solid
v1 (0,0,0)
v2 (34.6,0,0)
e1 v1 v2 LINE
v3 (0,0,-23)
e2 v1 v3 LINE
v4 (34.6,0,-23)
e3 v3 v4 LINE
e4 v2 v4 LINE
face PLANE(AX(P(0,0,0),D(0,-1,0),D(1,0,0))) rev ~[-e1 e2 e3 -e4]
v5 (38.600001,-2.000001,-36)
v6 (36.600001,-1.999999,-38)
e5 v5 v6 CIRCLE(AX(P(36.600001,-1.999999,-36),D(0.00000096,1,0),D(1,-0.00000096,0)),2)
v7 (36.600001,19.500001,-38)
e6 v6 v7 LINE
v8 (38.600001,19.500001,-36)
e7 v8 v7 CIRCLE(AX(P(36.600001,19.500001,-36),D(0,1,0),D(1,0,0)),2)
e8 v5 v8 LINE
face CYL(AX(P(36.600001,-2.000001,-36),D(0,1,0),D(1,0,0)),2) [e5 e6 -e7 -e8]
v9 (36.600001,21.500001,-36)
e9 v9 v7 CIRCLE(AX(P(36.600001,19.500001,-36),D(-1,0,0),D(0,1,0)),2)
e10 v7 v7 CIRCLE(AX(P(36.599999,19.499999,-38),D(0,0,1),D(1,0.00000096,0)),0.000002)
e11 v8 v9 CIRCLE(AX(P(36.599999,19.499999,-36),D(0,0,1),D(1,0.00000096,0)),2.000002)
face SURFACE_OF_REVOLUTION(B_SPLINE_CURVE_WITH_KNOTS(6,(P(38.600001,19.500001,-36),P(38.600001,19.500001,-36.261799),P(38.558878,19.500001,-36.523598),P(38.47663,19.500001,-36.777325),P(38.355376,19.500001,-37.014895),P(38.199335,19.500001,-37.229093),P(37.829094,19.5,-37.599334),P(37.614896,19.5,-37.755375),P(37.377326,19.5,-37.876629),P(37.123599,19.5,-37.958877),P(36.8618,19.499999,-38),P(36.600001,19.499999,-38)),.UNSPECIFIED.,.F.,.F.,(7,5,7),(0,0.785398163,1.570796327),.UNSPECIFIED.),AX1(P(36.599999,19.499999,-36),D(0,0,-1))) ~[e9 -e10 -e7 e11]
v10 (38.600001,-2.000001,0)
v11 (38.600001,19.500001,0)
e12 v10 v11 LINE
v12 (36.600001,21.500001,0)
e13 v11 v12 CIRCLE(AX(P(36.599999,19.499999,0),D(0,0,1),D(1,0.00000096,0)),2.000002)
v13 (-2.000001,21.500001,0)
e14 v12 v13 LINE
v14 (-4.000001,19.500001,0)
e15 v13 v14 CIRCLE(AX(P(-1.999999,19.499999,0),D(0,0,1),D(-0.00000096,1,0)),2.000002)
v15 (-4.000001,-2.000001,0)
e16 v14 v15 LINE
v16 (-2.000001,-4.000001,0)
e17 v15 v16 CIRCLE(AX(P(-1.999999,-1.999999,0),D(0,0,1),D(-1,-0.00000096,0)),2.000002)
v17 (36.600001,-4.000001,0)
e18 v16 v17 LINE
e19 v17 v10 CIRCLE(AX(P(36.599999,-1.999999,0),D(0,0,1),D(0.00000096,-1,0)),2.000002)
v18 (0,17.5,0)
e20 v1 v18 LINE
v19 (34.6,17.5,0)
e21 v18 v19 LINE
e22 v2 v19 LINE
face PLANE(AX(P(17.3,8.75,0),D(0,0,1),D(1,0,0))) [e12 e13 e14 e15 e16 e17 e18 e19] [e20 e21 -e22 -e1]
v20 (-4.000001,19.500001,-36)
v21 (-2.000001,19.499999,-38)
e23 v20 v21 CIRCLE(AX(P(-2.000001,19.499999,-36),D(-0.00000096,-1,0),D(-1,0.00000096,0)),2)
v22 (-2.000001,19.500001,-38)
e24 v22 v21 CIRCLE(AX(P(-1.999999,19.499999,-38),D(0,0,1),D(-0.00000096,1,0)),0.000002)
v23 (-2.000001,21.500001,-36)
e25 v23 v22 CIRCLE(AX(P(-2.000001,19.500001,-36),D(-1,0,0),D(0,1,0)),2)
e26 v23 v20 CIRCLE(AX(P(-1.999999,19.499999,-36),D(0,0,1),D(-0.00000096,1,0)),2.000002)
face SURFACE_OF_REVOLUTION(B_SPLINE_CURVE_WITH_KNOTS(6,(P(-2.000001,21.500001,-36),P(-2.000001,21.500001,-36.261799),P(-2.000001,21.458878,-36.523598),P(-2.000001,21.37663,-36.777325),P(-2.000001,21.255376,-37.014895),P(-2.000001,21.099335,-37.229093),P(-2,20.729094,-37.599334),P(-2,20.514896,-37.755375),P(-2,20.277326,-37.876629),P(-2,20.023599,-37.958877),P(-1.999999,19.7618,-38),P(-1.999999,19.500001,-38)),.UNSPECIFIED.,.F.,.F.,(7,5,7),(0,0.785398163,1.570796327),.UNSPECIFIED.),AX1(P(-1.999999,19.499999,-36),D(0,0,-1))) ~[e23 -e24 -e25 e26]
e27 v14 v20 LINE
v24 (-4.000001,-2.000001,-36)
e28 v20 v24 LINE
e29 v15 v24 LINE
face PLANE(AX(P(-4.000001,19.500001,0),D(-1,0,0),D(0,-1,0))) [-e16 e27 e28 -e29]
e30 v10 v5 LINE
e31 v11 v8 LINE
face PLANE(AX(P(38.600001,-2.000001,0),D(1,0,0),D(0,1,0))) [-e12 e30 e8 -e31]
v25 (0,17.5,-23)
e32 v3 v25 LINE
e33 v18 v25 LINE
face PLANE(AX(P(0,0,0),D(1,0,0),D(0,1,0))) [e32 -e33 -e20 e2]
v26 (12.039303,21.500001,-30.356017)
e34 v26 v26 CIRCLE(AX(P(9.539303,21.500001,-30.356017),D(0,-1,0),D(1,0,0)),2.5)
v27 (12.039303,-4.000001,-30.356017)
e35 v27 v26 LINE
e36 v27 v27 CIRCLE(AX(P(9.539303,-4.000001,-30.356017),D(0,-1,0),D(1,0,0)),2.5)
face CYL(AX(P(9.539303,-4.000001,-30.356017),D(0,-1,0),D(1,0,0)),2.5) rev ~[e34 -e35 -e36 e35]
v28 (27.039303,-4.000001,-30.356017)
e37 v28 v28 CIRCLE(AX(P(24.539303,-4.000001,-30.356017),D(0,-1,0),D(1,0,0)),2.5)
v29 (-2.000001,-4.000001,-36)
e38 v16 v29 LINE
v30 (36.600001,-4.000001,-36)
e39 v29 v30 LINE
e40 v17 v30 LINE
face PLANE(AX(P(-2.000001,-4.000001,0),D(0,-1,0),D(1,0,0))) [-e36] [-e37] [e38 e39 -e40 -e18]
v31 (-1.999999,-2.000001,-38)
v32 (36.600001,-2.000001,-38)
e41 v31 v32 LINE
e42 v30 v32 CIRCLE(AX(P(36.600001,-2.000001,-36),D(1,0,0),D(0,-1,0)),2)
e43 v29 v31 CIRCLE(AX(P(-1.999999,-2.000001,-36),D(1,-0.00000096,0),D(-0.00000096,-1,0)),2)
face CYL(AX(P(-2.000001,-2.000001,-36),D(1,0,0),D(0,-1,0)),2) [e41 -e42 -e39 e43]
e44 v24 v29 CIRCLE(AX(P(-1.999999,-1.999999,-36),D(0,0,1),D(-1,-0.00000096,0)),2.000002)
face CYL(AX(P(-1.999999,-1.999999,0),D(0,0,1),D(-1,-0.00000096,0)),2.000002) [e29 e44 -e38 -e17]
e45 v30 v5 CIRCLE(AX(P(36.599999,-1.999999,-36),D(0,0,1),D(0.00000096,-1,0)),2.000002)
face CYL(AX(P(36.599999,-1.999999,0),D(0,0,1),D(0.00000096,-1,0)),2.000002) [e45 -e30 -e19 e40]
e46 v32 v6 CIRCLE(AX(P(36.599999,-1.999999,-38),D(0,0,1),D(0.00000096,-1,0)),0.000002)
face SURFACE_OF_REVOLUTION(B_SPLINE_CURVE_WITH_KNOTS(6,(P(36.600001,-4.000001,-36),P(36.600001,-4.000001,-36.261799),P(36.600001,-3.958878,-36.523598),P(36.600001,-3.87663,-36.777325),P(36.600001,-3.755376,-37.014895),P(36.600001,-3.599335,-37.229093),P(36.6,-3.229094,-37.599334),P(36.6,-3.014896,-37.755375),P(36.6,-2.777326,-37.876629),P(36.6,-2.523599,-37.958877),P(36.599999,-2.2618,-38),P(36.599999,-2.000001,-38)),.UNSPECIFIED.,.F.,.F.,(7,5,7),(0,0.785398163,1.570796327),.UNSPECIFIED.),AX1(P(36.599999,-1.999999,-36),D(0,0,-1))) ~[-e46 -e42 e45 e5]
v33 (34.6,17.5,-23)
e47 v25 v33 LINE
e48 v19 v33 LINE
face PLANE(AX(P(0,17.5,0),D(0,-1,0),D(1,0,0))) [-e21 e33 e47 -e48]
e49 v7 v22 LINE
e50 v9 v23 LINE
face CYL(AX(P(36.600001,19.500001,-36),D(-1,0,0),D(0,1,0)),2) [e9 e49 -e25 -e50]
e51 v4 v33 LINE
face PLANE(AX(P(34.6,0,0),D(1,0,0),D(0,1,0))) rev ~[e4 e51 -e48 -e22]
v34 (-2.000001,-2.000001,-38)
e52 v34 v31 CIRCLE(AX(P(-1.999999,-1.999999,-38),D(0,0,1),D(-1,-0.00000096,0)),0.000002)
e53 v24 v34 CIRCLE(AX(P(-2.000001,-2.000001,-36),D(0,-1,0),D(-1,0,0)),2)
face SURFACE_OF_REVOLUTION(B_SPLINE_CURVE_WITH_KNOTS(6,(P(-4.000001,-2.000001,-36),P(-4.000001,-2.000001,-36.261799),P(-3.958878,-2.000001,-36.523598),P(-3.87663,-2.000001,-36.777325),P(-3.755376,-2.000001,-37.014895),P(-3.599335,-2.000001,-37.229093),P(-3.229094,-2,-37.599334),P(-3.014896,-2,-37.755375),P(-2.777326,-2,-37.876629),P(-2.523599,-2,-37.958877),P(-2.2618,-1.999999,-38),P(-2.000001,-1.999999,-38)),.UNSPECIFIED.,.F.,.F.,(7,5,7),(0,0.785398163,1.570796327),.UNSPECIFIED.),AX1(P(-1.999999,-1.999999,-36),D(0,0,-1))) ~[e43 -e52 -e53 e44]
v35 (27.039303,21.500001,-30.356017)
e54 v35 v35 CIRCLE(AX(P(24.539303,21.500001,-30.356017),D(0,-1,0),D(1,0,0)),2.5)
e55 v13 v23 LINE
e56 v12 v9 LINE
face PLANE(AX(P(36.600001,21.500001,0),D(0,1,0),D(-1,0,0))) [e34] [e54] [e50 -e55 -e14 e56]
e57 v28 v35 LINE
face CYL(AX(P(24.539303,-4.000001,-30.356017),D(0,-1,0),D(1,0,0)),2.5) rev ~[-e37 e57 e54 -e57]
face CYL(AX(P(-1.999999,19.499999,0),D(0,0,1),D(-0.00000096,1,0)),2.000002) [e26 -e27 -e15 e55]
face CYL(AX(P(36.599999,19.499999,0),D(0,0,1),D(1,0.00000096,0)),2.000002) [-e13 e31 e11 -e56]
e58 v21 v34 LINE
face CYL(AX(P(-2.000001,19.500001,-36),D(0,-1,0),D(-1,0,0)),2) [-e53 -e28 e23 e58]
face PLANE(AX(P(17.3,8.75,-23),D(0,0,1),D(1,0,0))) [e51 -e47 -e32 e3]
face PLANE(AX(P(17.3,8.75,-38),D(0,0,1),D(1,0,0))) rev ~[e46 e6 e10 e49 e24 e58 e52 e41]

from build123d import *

# Parameters (mm, degrees)
F0_W     = 34.6
F0_H     = 17.5
F1_DEPTH = 38
F2_DEPTH = 23
F3_R     = 2.5
F4_DEPTH = 25.501001
F5_R     = 2


with BuildPart() as f1:
    # F0 (on Top) → F1 (new body)
    with BuildSketch(Plane.XY):
        with BuildLine():
            Line((36.600001, 21.500001), (-2.000001, 21.500001))
            ThreePointArc((-2.000001, 21.500001), (-3.414214, 20.914214), (-4.000001, 19.500001))
            Line((-4.000001, 19.500001), (-4.000001, -2.000001))
            ThreePointArc((-4.000001, -2.000001), (-3.414214, -3.414214), (-2.000001, -4.000001))
            Line((-2.000001, -4.000001), (36.600001, -4.000001))
            ThreePointArc((36.600001, -4.000001), (38.014214, -3.414214), (38.600001, -2.000001))
            Line((38.600001, -2.000001), (38.600001, 19.500001))
            ThreePointArc((38.600001, 19.500001), (38.014214, 20.914214), (36.600001, 21.500001))
        make_face()
        with Locations((17.3, 8.75)):
            Rectangle(F0_W, F0_H, mode=Mode.SUBTRACT)
        with Locations((17.3, 8.75)):
            Rectangle(F0_W, F0_H)
    extrude(amount=-F1_DEPTH)

    # F0 (on Top) → F2 (cut)
    with BuildSketch(Plane.XY):
        with Locations((17.3, 8.75)):
            Rectangle(F0_W, F0_H)
    extrude(amount=-F2_DEPTH, mode=Mode.SUBTRACT)

    # F3 (on face) → F4 (cut, through all)
    with BuildSketch(Plane.XZ.offset(4.000001)):
        with BuildLine():
            ThreePointArc((22.039303, -30.356017), (24.539303, -32.856017), (27.039303, -30.356017))
            ThreePointArc((27.039303, -30.356017), (24.539303, -27.856017), (22.039303, -30.356017))
        make_face()
        with Locations((9.539303, -30.356017)):
            Circle(F3_R)
    extrude(amount=-F4_DEPTH, mode=Mode.SUBTRACT)

    # F5
    f5_edges = [f1.edges().sort_by_distance(p)[0] for p in [
        (17.3, 21.500001, -38),
    ]]
    fillet(f5_edges, radius=F5_R)


solid = f1.part
